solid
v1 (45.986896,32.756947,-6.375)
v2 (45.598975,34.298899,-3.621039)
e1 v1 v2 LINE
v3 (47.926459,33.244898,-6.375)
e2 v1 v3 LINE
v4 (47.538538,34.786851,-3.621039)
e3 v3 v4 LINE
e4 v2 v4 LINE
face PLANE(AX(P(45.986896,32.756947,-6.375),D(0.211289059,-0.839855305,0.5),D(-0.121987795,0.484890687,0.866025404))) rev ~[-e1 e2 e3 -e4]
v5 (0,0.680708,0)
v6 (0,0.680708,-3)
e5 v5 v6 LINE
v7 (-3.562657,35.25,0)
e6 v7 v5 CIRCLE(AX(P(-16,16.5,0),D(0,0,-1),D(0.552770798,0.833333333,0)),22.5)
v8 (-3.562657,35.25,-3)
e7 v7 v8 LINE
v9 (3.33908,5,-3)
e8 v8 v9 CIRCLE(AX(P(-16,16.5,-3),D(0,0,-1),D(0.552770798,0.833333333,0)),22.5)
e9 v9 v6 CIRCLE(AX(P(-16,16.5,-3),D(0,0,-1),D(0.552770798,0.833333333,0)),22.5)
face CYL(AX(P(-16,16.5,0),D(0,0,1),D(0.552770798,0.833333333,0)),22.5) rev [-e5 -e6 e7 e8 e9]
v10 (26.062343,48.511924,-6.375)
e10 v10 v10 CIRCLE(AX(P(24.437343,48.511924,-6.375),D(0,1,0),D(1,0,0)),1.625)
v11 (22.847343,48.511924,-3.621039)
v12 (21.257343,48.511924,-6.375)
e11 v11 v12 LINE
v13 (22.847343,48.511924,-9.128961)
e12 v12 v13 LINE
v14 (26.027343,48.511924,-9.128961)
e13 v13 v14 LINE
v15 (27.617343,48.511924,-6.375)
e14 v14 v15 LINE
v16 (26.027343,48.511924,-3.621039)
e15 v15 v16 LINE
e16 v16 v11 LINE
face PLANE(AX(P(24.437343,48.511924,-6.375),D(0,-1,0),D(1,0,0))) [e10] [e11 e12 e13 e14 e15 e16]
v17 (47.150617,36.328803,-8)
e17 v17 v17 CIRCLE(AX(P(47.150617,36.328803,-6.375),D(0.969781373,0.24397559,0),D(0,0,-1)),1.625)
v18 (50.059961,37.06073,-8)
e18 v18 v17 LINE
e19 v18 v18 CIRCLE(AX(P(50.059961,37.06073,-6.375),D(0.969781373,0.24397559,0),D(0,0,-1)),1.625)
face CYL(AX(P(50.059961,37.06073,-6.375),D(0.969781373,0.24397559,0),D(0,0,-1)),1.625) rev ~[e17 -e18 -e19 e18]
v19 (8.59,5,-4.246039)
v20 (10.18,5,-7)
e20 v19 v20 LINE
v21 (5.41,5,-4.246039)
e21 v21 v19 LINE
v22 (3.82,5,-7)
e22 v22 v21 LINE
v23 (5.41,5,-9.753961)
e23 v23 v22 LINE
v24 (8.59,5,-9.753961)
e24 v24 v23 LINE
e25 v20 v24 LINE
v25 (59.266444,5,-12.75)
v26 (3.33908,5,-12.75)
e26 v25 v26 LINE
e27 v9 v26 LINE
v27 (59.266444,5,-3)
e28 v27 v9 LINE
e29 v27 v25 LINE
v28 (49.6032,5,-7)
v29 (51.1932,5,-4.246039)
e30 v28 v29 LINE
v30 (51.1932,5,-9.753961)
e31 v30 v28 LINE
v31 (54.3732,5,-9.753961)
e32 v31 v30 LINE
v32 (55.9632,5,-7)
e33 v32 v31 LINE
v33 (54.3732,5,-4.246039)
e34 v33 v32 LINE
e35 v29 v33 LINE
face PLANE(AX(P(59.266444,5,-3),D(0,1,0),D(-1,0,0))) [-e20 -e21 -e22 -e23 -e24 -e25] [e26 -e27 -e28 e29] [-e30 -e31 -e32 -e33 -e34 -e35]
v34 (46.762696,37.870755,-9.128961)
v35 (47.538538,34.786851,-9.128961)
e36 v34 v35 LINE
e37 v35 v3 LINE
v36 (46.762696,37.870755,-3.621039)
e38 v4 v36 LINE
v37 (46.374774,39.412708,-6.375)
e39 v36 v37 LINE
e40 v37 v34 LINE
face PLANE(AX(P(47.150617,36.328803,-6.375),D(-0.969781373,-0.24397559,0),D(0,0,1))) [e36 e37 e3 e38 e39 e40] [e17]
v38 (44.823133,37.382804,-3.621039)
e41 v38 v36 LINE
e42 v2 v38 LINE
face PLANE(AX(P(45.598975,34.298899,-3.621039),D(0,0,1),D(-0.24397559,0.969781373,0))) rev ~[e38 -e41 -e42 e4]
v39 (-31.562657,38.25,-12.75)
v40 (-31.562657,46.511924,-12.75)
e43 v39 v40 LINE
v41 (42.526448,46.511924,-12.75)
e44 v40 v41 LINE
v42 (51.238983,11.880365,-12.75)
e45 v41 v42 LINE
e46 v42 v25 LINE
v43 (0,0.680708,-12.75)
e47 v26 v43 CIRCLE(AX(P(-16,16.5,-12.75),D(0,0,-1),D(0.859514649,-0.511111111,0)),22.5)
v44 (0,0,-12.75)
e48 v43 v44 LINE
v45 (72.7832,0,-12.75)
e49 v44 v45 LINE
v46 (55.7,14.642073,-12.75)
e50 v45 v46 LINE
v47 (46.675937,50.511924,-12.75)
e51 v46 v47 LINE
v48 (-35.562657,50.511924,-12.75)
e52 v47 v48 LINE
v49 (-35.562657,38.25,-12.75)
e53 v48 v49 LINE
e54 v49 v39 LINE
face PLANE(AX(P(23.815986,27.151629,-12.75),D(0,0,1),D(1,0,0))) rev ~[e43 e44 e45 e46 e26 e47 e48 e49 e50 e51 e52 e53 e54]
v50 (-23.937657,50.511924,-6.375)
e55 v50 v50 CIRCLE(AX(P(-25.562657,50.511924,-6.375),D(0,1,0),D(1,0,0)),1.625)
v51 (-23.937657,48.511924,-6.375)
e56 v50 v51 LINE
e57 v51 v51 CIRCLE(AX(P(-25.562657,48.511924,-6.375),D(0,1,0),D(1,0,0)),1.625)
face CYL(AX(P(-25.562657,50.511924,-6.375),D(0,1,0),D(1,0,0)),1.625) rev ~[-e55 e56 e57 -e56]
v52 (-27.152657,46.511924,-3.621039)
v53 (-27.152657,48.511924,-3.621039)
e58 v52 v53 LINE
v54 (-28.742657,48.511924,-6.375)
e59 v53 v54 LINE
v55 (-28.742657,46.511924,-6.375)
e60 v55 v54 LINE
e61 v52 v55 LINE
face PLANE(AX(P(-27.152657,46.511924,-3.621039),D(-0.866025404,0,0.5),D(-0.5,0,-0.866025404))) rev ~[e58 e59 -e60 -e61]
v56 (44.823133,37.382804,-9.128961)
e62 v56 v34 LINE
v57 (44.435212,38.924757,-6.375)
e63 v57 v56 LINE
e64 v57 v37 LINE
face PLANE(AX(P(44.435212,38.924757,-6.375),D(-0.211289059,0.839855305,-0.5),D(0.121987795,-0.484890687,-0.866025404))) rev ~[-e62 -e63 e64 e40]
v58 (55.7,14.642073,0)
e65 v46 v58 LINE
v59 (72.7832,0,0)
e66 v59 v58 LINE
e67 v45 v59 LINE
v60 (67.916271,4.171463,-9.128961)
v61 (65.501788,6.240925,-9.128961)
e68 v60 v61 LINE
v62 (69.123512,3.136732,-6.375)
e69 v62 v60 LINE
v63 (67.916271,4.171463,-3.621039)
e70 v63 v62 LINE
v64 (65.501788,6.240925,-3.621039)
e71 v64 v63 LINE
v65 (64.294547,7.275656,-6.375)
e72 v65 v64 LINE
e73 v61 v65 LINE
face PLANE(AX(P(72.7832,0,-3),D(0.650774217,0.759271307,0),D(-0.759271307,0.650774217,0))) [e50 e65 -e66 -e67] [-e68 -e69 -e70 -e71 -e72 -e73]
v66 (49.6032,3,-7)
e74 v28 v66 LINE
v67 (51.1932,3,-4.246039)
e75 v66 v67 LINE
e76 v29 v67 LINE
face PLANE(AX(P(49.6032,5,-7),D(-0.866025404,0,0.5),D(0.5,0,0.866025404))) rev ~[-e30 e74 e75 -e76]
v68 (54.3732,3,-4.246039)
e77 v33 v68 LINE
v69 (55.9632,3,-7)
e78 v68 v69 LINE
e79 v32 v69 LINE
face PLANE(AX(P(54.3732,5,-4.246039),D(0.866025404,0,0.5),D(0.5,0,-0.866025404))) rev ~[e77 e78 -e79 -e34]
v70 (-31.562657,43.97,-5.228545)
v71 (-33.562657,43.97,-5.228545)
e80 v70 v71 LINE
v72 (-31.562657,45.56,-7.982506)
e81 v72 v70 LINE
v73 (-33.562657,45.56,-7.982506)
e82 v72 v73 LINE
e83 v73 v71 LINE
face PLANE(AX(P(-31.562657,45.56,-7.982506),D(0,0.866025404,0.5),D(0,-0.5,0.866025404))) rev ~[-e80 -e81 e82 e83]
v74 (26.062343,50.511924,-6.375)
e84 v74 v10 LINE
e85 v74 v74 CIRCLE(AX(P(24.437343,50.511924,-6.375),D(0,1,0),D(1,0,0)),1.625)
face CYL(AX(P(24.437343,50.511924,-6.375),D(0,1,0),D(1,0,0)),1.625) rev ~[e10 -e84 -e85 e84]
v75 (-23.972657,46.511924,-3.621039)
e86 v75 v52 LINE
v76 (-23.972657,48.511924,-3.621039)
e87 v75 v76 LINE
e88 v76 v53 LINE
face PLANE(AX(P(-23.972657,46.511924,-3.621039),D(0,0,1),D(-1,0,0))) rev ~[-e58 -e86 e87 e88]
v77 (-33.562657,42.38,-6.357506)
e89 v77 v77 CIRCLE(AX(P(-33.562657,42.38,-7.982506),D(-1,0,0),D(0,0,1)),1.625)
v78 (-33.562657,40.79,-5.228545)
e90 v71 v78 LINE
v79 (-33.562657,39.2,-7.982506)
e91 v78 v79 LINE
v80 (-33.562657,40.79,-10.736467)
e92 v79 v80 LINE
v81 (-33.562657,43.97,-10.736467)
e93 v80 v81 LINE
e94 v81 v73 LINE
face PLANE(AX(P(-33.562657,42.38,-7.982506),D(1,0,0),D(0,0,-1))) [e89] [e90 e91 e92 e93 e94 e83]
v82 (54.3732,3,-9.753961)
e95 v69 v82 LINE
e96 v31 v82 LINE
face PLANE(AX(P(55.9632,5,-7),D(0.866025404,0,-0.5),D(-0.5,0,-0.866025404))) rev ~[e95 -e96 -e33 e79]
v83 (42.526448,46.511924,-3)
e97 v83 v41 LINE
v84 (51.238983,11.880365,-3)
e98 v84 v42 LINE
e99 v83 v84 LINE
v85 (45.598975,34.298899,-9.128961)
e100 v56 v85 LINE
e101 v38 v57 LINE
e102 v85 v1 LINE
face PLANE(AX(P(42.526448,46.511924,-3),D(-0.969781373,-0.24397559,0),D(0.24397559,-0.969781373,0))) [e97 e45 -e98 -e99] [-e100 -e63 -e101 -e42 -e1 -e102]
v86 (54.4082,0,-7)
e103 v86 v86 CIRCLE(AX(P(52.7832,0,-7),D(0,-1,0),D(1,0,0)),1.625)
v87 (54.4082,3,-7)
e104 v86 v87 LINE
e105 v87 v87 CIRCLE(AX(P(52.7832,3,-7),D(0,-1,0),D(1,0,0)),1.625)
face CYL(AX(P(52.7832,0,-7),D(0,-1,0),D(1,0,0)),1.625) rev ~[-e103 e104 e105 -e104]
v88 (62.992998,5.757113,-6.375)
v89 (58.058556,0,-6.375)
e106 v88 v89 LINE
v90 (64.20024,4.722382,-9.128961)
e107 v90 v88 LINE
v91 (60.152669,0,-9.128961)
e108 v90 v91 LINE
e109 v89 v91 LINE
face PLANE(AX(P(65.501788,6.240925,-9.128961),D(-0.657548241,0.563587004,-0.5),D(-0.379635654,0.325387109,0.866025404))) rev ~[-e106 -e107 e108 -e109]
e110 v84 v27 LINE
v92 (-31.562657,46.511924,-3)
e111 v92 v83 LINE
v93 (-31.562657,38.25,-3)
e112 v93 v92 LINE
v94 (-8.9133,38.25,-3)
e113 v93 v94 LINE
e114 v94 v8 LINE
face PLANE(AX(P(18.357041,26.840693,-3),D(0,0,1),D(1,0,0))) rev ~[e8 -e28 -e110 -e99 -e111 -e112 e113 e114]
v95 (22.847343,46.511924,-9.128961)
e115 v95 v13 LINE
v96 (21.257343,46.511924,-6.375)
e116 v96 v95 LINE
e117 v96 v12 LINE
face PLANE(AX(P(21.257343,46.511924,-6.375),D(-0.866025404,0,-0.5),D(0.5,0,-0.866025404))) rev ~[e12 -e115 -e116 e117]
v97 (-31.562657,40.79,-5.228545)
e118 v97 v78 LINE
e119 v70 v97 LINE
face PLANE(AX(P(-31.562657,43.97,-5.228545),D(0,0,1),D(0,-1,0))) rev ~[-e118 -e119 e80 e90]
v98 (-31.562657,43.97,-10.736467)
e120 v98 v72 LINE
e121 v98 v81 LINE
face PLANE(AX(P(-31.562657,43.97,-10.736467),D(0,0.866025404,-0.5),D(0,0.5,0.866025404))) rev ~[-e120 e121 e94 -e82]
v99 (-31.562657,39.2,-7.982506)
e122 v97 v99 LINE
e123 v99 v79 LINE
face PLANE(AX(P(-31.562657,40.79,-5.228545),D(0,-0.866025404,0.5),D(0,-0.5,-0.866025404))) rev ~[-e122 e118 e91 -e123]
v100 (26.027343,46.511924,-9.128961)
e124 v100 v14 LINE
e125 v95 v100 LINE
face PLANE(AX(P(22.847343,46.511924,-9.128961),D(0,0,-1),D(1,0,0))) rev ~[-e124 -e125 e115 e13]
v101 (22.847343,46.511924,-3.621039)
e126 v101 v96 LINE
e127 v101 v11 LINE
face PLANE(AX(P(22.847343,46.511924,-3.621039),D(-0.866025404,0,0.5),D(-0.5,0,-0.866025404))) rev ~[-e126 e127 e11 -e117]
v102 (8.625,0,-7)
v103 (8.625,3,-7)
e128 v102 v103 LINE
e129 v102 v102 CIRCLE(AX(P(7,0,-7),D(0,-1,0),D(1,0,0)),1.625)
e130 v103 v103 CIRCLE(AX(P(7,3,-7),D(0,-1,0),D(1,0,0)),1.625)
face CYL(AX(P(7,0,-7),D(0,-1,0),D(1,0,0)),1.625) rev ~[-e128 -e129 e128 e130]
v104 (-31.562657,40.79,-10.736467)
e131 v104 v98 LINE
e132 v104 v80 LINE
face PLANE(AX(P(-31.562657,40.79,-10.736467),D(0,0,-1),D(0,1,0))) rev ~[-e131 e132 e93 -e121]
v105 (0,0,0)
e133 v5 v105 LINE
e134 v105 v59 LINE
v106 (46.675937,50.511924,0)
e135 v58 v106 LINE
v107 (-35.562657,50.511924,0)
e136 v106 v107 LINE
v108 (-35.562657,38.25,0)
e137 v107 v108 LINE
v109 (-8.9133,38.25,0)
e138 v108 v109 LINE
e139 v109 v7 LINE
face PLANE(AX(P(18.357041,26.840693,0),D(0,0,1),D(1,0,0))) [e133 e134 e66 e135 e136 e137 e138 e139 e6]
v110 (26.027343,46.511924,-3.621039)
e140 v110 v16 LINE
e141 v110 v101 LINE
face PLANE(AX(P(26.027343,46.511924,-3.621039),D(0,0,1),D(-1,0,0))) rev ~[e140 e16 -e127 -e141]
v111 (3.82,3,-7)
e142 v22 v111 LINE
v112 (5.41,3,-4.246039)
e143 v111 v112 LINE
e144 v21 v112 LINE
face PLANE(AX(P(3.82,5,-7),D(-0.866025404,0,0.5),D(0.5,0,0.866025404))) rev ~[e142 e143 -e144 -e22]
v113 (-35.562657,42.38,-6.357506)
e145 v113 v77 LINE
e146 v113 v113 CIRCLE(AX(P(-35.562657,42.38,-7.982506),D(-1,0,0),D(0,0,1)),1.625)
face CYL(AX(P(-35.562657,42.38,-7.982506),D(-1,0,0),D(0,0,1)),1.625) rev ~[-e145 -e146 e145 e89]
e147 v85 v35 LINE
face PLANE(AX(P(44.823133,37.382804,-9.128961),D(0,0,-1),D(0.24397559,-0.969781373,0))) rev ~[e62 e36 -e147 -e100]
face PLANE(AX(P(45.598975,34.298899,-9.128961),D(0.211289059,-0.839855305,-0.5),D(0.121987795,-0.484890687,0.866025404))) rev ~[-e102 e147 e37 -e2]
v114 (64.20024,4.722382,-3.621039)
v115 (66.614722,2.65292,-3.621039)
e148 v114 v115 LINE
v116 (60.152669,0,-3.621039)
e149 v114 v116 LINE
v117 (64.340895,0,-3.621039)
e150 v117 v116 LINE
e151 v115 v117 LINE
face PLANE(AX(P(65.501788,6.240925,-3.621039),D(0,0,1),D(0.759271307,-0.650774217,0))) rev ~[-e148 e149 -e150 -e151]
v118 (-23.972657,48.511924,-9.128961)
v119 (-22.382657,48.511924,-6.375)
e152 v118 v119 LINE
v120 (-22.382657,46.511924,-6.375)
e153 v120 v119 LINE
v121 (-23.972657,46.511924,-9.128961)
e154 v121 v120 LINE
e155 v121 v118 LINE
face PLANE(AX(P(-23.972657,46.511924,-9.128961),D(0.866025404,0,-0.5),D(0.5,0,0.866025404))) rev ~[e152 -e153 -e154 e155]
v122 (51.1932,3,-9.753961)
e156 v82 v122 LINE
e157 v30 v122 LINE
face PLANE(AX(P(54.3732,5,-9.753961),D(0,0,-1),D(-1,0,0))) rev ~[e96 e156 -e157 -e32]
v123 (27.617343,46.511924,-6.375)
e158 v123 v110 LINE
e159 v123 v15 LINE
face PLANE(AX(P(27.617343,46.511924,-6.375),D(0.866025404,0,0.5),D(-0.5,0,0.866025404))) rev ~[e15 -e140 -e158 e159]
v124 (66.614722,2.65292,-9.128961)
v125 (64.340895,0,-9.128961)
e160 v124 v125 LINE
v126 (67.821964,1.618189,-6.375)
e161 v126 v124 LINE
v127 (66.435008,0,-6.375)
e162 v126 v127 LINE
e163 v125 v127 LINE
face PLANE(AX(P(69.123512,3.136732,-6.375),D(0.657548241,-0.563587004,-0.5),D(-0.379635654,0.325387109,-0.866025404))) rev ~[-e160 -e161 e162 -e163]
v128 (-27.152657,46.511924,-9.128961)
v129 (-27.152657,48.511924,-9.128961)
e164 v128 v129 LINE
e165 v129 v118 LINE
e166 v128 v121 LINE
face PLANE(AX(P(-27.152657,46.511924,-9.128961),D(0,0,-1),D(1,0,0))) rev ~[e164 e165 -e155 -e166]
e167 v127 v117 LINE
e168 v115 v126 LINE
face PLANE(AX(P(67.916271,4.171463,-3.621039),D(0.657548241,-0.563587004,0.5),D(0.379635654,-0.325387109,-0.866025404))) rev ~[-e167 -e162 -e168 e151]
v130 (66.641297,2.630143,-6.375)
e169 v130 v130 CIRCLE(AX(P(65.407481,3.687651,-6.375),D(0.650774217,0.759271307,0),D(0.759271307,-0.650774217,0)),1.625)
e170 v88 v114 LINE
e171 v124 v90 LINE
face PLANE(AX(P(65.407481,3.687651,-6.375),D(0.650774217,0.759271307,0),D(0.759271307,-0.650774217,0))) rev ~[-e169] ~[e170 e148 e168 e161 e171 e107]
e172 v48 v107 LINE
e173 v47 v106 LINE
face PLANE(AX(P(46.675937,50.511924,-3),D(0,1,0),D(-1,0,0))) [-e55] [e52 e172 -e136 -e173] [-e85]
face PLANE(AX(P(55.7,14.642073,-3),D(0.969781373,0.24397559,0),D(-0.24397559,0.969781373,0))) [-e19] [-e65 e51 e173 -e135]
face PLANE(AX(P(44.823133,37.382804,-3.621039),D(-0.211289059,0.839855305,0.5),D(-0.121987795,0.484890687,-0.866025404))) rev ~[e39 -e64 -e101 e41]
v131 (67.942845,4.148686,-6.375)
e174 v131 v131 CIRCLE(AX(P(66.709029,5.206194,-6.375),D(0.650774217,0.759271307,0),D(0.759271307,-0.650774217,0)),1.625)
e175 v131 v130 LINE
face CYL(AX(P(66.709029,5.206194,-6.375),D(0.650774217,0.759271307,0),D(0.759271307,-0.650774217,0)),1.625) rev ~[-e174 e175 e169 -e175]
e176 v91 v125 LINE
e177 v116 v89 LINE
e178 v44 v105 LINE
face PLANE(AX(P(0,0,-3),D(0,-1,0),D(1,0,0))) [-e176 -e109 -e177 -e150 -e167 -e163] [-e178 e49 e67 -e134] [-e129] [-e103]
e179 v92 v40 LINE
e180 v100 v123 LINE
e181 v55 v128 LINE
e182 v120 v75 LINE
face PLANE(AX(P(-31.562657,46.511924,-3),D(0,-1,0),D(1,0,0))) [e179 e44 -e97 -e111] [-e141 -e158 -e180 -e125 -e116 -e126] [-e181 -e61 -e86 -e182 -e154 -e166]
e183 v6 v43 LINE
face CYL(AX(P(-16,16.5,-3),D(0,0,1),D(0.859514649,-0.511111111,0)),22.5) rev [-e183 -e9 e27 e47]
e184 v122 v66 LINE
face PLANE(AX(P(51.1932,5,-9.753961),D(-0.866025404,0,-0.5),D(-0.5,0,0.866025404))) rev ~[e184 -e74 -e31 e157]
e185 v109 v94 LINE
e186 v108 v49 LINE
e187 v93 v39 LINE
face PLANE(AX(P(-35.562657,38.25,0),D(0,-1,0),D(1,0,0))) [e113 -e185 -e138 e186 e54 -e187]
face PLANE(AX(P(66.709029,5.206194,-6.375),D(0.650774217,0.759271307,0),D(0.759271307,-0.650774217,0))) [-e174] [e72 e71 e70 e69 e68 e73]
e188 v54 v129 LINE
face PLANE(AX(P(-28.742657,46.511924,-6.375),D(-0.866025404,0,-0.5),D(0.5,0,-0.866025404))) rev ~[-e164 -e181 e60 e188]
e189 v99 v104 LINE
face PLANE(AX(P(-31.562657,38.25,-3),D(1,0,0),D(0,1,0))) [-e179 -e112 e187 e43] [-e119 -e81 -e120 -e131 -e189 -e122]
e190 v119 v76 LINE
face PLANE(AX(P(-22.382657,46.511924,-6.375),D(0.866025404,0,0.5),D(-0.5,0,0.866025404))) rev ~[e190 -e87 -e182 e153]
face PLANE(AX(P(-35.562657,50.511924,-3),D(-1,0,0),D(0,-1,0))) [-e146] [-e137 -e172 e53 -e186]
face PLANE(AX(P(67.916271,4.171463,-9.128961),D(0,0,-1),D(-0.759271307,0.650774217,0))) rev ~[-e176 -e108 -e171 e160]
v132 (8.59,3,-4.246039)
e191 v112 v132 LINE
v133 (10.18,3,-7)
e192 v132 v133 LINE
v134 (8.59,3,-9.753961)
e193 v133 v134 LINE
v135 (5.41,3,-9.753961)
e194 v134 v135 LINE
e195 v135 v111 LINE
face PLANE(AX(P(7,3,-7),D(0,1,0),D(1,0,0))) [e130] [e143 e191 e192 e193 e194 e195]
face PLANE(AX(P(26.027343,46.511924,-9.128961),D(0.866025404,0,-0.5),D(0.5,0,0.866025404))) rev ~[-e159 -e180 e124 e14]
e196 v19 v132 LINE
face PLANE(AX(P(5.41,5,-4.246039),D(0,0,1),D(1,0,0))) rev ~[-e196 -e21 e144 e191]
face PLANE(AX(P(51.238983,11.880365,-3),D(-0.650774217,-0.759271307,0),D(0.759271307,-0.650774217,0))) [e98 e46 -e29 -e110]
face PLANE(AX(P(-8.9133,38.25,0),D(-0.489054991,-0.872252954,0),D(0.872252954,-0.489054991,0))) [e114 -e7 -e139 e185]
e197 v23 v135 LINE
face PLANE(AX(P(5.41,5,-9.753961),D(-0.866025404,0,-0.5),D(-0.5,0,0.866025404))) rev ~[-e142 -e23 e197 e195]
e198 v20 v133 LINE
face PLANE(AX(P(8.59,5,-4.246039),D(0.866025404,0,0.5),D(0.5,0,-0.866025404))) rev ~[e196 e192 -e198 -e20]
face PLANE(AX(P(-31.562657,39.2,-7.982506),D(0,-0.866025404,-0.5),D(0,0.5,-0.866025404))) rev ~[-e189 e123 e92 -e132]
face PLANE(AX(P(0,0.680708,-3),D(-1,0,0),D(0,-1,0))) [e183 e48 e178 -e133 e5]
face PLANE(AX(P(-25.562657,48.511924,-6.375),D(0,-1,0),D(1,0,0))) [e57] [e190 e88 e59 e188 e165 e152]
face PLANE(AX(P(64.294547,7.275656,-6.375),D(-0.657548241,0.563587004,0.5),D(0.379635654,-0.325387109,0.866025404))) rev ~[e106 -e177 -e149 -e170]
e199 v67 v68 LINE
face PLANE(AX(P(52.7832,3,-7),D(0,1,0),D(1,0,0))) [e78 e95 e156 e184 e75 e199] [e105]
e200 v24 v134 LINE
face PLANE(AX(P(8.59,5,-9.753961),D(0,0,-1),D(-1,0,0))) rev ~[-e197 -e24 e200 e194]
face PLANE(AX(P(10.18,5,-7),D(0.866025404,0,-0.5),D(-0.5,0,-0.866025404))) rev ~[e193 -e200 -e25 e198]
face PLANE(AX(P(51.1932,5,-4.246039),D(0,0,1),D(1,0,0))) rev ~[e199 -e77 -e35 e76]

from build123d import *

# Parameters (mm, degrees)
SALIENTE_EXTRUIR1_DEPTH = 3
SALIENTE_EXTRUIR2_DEPTH = 9.75
CROQUIS6_R              = 1.625
CORTAR_EXTRUIR1_DEPTH   = 5
CORTAR_EXTRUIR2_DEPTH   = 2
CORTAR_EXTRUIR4_DEPTH   = 10
CROQUIS10_R             = 1.625
SALIENTE_EXTRUIR3_DEPTH = 2
CROQUIS12_R             = 1.625
CORTAR_EXTRUIR5_DEPTH   = 5
CORTAR_EXTRUIR6_DEPTH   = 2
CROQUIS14_R             = 1.625
CORTAR_EXTRUIR7_DEPTH   = 4
CORTAR_EXTRUIR8_DEPTH   = 2
CROQUIS17_R             = 1.625
CORTAR_EXTRUIR9_DEPTH   = 4
CORTAR_EXTRUIR10_DEPTH  = 2


with BuildPart() as part:
    # Croquis1 → Saliente-Extruir1 (new body)
    with BuildSketch(Plane.XY):
        with BuildLine():
            Line((0, 0.68070798), (0, 0))
            Line((0, 0), (72.78319995, 0))
            Line((72.78319995, 0), (55.699999998, 14.642073221))
            Line((55.699999998, 14.642073221), (46.67593732, 50.511923567))
            Line((46.67593732, 50.511923567), (-35.562657036, 50.511923567))
            Line((-35.562657036, 50.511923567), (-35.562657036, 38.25))
            Line((-35.562657036, 38.25), (-8.913300435, 38.25))
            Line((-8.913300435, 38.25), (-3.562657036, 35.25))
            ThreePointArc((-3.562657036, 35.25), (6.381456753, 18.806597842), (0, 0.68070798))
        make_face()
    extrude(amount=-SALIENTE_EXTRUIR1_DEPTH)

    # Croquis5 → Saliente-Extruir2 (add)
    with BuildSketch(Plane(origin=(0, 0, -3), x_dir=(-1, 0, 0), z_dir=(0, 0, -1))):
        with BuildLine():
            Line((-51.238983488, 11.880365447), (-59.266443595, 5))
            Line((-59.266443595, 5), (-3.339079606, 5))
            ThreePointArc((-3.339079606, 5), (-1.801031086, 2.738703104), (0, 0.68070798))
            Line((0, 0.68070798), (0, 0))
            Line((0, 0), (-72.78319995, 0))
            Line((-72.78319995, 0), (-55.699999998, 14.642073221))
            Line((-55.699999998, 14.642073221), (-46.67593732, 50.511923567))
            Line((-46.67593732, 50.511923567), (35.562657036, 50.511923567))
            Line((35.562657036, 50.511923567), (35.562657036, 38.25))
            Line((35.562657036, 38.25), (31.562657036, 38.25))
            Line((31.562657036, 38.25), (31.562657036, 46.511923567))
            Line((31.562657036, 46.511923567), (-42.526447804, 46.511923567))
            Line((-42.526447804, 46.511923567), (-51.238983488, 11.880365447))
        make_face()
    extrude(amount=SALIENTE_EXTRUIR2_DEPTH)

    # Croquis6 → Cortar-Extruir1 (cut)
    with BuildSketch(Plane.XZ):
        with Locations((6.999999998, -7)):
            Circle(CROQUIS6_R)
        with Locations((52.78319995, -7)):
            Circle(CROQUIS6_R)
    extrude(amount=-CORTAR_EXTRUIR1_DEPTH, mode=Mode.SUBTRACT)

    # Croquis8 → Cortar-Extruir2 (cut)
    with BuildSketch(Plane(origin=(0, 5, 0), x_dir=(1, 0, 0), z_dir=(0, 1, 0))):
        Polygon((3.819999998, 7), (5.409999998, 4.246039216), (8.589999998, 4.246039216), (10.179999998, 7), (8.589999998, 9.753960784), (5.409999998, 9.753960784), align=None)
        Polygon((49.60319995, 7), (51.19319995, 4.246039216), (54.37319995, 4.246039216), (55.96319995, 7), (54.37319995, 9.753960784), (51.19319995, 9.753960784), align=None)
    extrude(amount=-CORTAR_EXTRUIR2_DEPTH, mode=Mode.SUBTRACT)

    # Croquis9 → Cortar-Extruir4 (cut)
    with BuildSketch(Plane(origin=(30.824200619, 35.963211942, 0), x_dir=(0.759271307, -0.650774217, 0), z_dir=(0.650774217, 0.759271307, 0))):
        Polygon((50.442195378, 6.375), (48.852195378, 9.128960784), (45.672195378, 9.128960784), (44.082195378, 6.375), (45.672195378, 3.621039216), (48.852195378, 3.621039216), align=None)
    extrude(amount=-CORTAR_EXTRUIR4_DEPTH, mode=Mode.SUBTRACT)

    # Croquis10 → Saliente-Extruir3 (add)
    with BuildSketch(Plane(origin=(30.824200619, 35.963211942, 0), x_dir=(0.759271307, -0.650774217, 0), z_dir=(0.650774217, 0.759271307, 0))):
        Polygon((50.442195378, 6.375), (48.852195378, 9.128960784), (45.672195378, 9.128960784), (44.082195378, 6.375), (45.672195378, 3.621039216), (48.852195378, 3.621039216), align=None)
        with Locations((47.262195378, 6.375)):
            Circle(CROQUIS10_R, mode=Mode.SUBTRACT)
    extrude(amount=-SALIENTE_EXTRUIR3_DEPTH)

    # Croquis12 → Cortar-Extruir5 (cut)
    with BuildSketch(Plane(origin=(55.848866467, 14.050342186, 0), x_dir=(0, 0, -1), z_dir=(0.969781373, 0.24397559, 0))):
        with Locations((6.375, 23.727396855)):
            Circle(CROQUIS12_R)
    extrude(amount=-CORTAR_EXTRUIR5_DEPTH, mode=Mode.SUBTRACT)

    # Croquis13 → Cortar-Extruir6 (cut)
    with BuildSketch(Plane(origin=(50.999959602, 12.830464236, 0), x_dir=(0, 0, 1), z_dir=(-0.969781373, -0.24397559, 0))):
        Polygon((-6.375, 20.547396855), (-3.621039216, 22.137396855), (-3.621039216, 25.317396855), (-6.375, 26.907396855), (-9.128960784, 25.317396855), (-9.128960784, 22.137396855), align=None)
    extrude(amount=-CORTAR_EXTRUIR6_DEPTH, mode=Mode.SUBTRACT)

    # Croquis14 → Cortar-Extruir7 (cut)
    with BuildSketch(Plane(origin=(0, 50.511923567, 0), x_dir=(1, 0, 0), z_dir=(0, 1, 0))):
        with Locations((-25.562657036, 6.375)):
            Circle(CROQUIS14_R)
        with Locations((24.437342964, 6.375)):
            Circle(CROQUIS14_R)
    extrude(amount=-CORTAR_EXTRUIR7_DEPTH, mode=Mode.SUBTRACT)

    # Croquis15 → Cortar-Extruir8 (cut)
    with BuildSketch(Plane.XZ.offset(-46.511923567)):
        Polygon((-22.382657036, -6.375), (-23.972657036, -3.621039216), (-27.152657036, -3.621039216), (-28.742657036, -6.375), (-27.152657036, -9.128960784), (-23.972657036, -9.128960784), align=None)
        Polygon((21.257342964, -6.375), (22.847342964, -9.128960784), (26.027342964, -9.128960784), (27.617342964, -6.375), (26.027342964, -3.621039216), (22.847342964, -3.621039216), align=None)
    extrude(amount=-CORTAR_EXTRUIR8_DEPTH, mode=Mode.SUBTRACT)

    # Croquis17 → Cortar-Extruir9 (cut)
    with BuildSketch(Plane.ZY.offset(35.562657036)):
        with Locations((-7.982505966, 42.38)):
            Circle(CROQUIS17_R)
    extrude(amount=-CORTAR_EXTRUIR9_DEPTH, mode=Mode.SUBTRACT)

    # Croquis18 → Cortar-Extruir10 (cut)
    with BuildSketch(Plane(origin=(-31.562657036, 0, 0), x_dir=(0, 0, -1), z_dir=(1, 0, 0))):
        Polygon((7.982505966, 39.2), (10.73646675, 40.79), (10.73646675, 43.97), (7.982505966, 45.56), (5.228545182, 43.97), (5.228545182, 40.79), align=None)
    extrude(amount=-CORTAR_EXTRUIR10_DEPTH, mode=Mode.SUBTRACT)


solid = part.part
